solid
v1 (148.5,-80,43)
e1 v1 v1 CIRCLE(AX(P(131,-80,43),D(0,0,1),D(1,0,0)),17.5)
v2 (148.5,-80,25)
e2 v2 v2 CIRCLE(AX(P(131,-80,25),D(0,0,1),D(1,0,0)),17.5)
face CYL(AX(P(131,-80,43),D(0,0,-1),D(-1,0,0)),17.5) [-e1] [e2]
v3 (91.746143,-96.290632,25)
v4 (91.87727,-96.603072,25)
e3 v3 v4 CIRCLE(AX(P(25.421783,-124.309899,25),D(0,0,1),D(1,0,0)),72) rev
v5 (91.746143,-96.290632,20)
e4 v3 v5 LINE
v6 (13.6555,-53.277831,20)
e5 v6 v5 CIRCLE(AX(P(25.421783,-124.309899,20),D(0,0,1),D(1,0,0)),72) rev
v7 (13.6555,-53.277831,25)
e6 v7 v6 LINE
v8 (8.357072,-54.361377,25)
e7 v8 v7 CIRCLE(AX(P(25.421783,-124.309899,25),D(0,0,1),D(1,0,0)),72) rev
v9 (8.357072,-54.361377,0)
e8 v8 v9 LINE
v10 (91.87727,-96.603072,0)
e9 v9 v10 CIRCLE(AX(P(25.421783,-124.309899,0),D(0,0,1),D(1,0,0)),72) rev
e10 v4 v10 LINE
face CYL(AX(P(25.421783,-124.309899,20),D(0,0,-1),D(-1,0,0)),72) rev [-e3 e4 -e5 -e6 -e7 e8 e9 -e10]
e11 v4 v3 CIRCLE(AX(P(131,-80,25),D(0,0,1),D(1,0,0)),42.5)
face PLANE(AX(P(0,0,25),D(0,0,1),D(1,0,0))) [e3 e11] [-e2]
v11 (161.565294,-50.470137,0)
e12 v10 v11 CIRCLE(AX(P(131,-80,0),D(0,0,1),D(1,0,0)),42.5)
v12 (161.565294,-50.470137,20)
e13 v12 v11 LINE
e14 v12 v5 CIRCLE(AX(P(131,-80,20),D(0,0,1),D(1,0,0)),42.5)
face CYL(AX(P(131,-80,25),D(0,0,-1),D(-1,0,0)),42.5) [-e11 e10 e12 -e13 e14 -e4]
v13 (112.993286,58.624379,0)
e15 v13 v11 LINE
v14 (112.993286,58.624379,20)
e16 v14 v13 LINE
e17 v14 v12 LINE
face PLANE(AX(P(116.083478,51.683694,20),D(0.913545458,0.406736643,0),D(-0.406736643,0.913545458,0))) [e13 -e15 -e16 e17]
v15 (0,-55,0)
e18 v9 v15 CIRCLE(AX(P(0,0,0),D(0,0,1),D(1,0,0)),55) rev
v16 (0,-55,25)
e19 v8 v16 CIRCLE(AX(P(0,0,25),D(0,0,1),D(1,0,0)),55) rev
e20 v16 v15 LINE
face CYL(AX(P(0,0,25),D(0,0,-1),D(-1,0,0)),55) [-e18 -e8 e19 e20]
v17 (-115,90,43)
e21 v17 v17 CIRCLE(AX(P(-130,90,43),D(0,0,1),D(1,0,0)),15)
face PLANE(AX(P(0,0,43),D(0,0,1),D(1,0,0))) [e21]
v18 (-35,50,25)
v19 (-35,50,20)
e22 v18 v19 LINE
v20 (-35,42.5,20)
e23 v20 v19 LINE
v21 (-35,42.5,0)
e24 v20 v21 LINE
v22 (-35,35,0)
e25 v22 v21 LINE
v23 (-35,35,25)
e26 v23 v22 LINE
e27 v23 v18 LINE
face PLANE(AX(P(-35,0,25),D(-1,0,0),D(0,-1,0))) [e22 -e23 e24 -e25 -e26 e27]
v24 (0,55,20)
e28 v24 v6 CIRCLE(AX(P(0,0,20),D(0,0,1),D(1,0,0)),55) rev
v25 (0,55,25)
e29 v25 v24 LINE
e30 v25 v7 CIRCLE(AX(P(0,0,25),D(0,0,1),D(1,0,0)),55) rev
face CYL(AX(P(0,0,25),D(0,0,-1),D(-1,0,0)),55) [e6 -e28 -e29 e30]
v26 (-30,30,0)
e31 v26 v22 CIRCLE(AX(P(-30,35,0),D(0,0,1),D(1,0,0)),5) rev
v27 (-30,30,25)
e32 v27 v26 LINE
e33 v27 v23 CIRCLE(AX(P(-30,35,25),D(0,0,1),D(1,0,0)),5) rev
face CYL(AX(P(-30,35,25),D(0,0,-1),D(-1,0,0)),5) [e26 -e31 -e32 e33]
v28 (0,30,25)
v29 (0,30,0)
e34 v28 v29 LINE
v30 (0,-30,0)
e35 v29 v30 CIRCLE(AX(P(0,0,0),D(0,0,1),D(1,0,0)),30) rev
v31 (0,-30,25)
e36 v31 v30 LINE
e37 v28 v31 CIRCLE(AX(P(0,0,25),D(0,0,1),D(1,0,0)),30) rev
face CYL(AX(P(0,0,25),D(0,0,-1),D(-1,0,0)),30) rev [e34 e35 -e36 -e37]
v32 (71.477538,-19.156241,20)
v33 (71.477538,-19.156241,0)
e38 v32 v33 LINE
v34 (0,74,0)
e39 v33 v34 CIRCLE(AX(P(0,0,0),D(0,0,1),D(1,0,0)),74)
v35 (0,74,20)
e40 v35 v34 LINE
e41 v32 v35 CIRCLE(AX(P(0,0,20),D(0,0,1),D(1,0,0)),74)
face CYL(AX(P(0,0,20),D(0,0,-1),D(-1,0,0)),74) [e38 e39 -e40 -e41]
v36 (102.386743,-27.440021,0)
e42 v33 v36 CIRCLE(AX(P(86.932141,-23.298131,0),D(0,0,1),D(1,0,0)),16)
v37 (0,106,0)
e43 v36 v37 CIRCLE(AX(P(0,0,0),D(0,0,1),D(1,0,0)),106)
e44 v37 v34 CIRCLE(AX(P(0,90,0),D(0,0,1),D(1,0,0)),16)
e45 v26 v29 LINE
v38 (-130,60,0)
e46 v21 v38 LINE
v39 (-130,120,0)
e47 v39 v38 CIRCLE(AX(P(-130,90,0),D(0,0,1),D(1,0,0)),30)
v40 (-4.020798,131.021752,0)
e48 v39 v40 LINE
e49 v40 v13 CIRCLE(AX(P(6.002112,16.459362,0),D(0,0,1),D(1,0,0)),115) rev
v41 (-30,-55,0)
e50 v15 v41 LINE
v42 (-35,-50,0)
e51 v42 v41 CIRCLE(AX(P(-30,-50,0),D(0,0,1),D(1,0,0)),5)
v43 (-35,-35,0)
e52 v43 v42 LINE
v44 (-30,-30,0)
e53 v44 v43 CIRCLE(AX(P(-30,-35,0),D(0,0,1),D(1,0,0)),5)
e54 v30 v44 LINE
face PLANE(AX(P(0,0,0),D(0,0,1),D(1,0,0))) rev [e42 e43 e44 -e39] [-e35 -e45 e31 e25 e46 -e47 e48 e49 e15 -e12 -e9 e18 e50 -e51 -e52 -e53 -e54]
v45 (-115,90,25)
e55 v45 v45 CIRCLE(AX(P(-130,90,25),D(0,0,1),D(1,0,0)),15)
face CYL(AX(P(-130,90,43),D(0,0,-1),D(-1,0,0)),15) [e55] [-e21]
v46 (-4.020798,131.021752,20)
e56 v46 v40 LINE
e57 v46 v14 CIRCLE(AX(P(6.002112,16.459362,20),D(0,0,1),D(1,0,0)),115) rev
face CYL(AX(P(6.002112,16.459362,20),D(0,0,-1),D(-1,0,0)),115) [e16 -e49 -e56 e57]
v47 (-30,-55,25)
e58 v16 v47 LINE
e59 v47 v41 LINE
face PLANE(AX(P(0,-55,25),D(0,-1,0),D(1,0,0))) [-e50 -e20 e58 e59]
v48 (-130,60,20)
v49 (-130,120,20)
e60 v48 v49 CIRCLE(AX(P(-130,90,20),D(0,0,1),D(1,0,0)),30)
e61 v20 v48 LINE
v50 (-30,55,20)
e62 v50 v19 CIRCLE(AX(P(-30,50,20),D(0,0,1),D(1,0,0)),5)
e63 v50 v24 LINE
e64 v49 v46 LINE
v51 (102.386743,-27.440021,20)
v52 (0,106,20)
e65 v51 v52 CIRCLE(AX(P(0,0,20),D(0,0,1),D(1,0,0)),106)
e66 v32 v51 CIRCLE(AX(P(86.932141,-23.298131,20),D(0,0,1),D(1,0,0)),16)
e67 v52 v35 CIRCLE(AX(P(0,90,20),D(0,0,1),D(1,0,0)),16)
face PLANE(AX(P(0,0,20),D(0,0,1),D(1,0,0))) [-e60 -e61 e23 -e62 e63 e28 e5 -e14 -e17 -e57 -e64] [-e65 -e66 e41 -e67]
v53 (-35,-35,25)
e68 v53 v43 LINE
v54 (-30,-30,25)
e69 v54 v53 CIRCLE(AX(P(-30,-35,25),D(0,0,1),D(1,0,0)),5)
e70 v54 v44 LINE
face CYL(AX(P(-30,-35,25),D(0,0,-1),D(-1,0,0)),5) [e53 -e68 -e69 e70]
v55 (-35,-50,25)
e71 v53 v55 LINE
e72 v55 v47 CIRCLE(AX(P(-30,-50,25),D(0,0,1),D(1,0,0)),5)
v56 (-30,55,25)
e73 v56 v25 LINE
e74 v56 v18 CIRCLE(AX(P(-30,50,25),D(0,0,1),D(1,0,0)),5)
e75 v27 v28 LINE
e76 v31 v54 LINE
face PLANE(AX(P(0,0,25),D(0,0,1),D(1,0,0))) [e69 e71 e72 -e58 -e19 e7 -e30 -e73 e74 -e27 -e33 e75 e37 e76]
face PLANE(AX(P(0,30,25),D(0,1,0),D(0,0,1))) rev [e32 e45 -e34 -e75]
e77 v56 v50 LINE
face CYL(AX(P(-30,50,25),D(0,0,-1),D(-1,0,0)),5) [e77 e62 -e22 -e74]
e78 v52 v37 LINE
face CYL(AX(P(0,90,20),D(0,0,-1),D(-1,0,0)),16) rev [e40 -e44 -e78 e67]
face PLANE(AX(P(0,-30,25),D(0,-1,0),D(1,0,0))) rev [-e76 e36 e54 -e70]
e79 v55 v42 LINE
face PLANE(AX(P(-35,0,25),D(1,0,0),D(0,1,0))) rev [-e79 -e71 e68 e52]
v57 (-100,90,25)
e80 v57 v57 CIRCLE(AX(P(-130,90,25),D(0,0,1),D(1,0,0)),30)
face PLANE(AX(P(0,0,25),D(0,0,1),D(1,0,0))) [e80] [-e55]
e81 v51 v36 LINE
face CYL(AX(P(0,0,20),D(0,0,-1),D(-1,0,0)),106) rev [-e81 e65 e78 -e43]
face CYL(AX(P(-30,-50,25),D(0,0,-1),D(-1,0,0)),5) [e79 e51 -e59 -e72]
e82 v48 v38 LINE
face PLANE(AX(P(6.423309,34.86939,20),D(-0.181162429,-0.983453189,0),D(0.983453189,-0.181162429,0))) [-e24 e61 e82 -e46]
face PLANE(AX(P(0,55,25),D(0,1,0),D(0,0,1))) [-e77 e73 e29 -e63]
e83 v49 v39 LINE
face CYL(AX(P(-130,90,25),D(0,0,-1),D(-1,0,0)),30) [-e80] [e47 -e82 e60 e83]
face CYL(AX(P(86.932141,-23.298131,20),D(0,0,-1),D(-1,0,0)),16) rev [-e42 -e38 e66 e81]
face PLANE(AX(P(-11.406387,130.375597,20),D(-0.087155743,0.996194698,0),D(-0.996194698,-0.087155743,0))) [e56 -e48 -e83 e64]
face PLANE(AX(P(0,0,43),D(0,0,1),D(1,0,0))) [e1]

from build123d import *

# Parameters (mm, degrees)
BOSS_EXTRUDE4_DEPTH = 20
SKETCH1_5_R         = 30
SKETCH1_5_R_2       = 15
SKETCH1_5_R_3       = 17.5
BOSS_EXTRUDE5_DEPTH = 25
SKETCH1_6_R         = 15
SKETCH1_6_R_2       = 17.5
BOSS_EXTRUDE6_DEPTH = 43


with BuildPart() as part:
    # Sketch1 → Boss-Extrude4 (new body)
    with BuildSketch(Plane.XY):
        with BuildLine():
            Line((-130, 60), (-35, 42.5))
            Line((-35, 42.5), (-35, 50))
            ThreePointArc((-35, 50), (-33.535533906, 53.535533906), (-30, 55))
            Line((-30, 55), (0, 55))
            ThreePointArc((0, 55), (54.567759373, 6.881833839), (13.655500107, -53.277831382))
            ThreePointArc((13.655500107, -53.277831382), (60.158955917, -61.243831597), (91.746142625, -96.2906317))
            ThreePointArc((91.746142625, -96.2906317), (107.681504867, -44.468355165), (161.565293978, -50.47013708))
            Line((161.565293978, -50.47013708), (112.993286108, 58.624378777))
            ThreePointArc((112.993286108, 58.624378777), (66.508772404, 114.25478106), (-4.020798406, 131.02175198))
            Line((-4.020798406, 131.02175198), (-130, 120))
            ThreePointArc((-130, 120), (-108.786796564, 111.213203436), (-100, 90))
            ThreePointArc((-100, 90), (-108.786796564, 68.786796564), (-130, 60))
        make_face()
        with BuildLine():
            ThreePointArc((0, 106), (84.0970935, 64.526574873), (102.386743403, -27.440021418))
            ThreePointArc((102.386743403, -27.440021418), (82.790250599, -38.752734171), (71.477537847, -19.156241367))
            ThreePointArc((71.477537847, -19.156241367), (58.709291689, 45.046854157), (0, 74))
            ThreePointArc((0, 74), (-16, 90), (0, 106))
        make_face(mode=Mode.SUBTRACT)
    extrude(amount=BOSS_EXTRUDE4_DEPTH)

    # Sketch1<5> → Boss-Extrude5 (add)
    # profile 1 of 3: a face of its own
    with BuildSketch(Plane.XY):
        with BuildLine():
            Line((-35, 50), (-35, 35))
            ThreePointArc((-35, 35), (-33.535533906, 31.464466094), (-30, 30))
            Line((-30, 30), (0, 30))
            ThreePointArc((0, 30), (30, 0), (0, -30))
            Line((0, -30), (-30, -30))
            ThreePointArc((-30, -30), (-33.535533906, -31.464466094), (-35, -35))
            Line((-35, -35), (-35, -50))
            ThreePointArc((-35, -50), (-33.535533906, -53.535533906), (-30, -55))
            Line((-30, -55), (0, -55))
            ThreePointArc((0, -55), (4.190718653, -54.840111936), (8.357072001, -54.361377352))
            ThreePointArc((8.357072001, -54.361377352), (10.996109007, -53.769839654), (13.655500107, -53.277831382))
            ThreePointArc((13.655500107, -53.277831382), (54.567759373, 6.881833839), (0, 55))
            Line((0, 55), (-30, 55))
            ThreePointArc((-30, 55), (-33.535533906, 53.535533906), (-35, 50))
        make_face()
    # profile 2 of 3: a face of its own
    with BuildSketch(Plane.XY):
        with Locations((-130, 90)):
            Circle(SKETCH1_5_R)
        with Locations((-130, 90)):
            Circle(SKETCH1_5_R_2, mode=Mode.SUBTRACT)
    # profile 3 of 3: a face of its own
    with BuildSketch(Plane.XY):
        with BuildLine():
            ThreePointArc((91.877270231, -96.60307247), (170.188604949, -63.553017233), (91.746142625, -96.2906317))
            ThreePointArc((91.746142625, -96.2906317), (91.811890227, -96.446774947), (91.877270231, -96.60307247))
        make_face()
        with Locations((131, -80)):
            Circle(SKETCH1_5_R_3, mode=Mode.SUBTRACT)
    extrude(amount=BOSS_EXTRUDE5_DEPTH)

    # Sketch1<6> → Boss-Extrude6 (add)
    with BuildSketch(Plane.XY):
        with Locations((-130, 90)):
            Circle(SKETCH1_6_R)
        with Locations((131, -80)):
            Circle(SKETCH1_6_R_2)
    extrude(amount=BOSS_EXTRUDE6_DEPTH)


solid = part.part
